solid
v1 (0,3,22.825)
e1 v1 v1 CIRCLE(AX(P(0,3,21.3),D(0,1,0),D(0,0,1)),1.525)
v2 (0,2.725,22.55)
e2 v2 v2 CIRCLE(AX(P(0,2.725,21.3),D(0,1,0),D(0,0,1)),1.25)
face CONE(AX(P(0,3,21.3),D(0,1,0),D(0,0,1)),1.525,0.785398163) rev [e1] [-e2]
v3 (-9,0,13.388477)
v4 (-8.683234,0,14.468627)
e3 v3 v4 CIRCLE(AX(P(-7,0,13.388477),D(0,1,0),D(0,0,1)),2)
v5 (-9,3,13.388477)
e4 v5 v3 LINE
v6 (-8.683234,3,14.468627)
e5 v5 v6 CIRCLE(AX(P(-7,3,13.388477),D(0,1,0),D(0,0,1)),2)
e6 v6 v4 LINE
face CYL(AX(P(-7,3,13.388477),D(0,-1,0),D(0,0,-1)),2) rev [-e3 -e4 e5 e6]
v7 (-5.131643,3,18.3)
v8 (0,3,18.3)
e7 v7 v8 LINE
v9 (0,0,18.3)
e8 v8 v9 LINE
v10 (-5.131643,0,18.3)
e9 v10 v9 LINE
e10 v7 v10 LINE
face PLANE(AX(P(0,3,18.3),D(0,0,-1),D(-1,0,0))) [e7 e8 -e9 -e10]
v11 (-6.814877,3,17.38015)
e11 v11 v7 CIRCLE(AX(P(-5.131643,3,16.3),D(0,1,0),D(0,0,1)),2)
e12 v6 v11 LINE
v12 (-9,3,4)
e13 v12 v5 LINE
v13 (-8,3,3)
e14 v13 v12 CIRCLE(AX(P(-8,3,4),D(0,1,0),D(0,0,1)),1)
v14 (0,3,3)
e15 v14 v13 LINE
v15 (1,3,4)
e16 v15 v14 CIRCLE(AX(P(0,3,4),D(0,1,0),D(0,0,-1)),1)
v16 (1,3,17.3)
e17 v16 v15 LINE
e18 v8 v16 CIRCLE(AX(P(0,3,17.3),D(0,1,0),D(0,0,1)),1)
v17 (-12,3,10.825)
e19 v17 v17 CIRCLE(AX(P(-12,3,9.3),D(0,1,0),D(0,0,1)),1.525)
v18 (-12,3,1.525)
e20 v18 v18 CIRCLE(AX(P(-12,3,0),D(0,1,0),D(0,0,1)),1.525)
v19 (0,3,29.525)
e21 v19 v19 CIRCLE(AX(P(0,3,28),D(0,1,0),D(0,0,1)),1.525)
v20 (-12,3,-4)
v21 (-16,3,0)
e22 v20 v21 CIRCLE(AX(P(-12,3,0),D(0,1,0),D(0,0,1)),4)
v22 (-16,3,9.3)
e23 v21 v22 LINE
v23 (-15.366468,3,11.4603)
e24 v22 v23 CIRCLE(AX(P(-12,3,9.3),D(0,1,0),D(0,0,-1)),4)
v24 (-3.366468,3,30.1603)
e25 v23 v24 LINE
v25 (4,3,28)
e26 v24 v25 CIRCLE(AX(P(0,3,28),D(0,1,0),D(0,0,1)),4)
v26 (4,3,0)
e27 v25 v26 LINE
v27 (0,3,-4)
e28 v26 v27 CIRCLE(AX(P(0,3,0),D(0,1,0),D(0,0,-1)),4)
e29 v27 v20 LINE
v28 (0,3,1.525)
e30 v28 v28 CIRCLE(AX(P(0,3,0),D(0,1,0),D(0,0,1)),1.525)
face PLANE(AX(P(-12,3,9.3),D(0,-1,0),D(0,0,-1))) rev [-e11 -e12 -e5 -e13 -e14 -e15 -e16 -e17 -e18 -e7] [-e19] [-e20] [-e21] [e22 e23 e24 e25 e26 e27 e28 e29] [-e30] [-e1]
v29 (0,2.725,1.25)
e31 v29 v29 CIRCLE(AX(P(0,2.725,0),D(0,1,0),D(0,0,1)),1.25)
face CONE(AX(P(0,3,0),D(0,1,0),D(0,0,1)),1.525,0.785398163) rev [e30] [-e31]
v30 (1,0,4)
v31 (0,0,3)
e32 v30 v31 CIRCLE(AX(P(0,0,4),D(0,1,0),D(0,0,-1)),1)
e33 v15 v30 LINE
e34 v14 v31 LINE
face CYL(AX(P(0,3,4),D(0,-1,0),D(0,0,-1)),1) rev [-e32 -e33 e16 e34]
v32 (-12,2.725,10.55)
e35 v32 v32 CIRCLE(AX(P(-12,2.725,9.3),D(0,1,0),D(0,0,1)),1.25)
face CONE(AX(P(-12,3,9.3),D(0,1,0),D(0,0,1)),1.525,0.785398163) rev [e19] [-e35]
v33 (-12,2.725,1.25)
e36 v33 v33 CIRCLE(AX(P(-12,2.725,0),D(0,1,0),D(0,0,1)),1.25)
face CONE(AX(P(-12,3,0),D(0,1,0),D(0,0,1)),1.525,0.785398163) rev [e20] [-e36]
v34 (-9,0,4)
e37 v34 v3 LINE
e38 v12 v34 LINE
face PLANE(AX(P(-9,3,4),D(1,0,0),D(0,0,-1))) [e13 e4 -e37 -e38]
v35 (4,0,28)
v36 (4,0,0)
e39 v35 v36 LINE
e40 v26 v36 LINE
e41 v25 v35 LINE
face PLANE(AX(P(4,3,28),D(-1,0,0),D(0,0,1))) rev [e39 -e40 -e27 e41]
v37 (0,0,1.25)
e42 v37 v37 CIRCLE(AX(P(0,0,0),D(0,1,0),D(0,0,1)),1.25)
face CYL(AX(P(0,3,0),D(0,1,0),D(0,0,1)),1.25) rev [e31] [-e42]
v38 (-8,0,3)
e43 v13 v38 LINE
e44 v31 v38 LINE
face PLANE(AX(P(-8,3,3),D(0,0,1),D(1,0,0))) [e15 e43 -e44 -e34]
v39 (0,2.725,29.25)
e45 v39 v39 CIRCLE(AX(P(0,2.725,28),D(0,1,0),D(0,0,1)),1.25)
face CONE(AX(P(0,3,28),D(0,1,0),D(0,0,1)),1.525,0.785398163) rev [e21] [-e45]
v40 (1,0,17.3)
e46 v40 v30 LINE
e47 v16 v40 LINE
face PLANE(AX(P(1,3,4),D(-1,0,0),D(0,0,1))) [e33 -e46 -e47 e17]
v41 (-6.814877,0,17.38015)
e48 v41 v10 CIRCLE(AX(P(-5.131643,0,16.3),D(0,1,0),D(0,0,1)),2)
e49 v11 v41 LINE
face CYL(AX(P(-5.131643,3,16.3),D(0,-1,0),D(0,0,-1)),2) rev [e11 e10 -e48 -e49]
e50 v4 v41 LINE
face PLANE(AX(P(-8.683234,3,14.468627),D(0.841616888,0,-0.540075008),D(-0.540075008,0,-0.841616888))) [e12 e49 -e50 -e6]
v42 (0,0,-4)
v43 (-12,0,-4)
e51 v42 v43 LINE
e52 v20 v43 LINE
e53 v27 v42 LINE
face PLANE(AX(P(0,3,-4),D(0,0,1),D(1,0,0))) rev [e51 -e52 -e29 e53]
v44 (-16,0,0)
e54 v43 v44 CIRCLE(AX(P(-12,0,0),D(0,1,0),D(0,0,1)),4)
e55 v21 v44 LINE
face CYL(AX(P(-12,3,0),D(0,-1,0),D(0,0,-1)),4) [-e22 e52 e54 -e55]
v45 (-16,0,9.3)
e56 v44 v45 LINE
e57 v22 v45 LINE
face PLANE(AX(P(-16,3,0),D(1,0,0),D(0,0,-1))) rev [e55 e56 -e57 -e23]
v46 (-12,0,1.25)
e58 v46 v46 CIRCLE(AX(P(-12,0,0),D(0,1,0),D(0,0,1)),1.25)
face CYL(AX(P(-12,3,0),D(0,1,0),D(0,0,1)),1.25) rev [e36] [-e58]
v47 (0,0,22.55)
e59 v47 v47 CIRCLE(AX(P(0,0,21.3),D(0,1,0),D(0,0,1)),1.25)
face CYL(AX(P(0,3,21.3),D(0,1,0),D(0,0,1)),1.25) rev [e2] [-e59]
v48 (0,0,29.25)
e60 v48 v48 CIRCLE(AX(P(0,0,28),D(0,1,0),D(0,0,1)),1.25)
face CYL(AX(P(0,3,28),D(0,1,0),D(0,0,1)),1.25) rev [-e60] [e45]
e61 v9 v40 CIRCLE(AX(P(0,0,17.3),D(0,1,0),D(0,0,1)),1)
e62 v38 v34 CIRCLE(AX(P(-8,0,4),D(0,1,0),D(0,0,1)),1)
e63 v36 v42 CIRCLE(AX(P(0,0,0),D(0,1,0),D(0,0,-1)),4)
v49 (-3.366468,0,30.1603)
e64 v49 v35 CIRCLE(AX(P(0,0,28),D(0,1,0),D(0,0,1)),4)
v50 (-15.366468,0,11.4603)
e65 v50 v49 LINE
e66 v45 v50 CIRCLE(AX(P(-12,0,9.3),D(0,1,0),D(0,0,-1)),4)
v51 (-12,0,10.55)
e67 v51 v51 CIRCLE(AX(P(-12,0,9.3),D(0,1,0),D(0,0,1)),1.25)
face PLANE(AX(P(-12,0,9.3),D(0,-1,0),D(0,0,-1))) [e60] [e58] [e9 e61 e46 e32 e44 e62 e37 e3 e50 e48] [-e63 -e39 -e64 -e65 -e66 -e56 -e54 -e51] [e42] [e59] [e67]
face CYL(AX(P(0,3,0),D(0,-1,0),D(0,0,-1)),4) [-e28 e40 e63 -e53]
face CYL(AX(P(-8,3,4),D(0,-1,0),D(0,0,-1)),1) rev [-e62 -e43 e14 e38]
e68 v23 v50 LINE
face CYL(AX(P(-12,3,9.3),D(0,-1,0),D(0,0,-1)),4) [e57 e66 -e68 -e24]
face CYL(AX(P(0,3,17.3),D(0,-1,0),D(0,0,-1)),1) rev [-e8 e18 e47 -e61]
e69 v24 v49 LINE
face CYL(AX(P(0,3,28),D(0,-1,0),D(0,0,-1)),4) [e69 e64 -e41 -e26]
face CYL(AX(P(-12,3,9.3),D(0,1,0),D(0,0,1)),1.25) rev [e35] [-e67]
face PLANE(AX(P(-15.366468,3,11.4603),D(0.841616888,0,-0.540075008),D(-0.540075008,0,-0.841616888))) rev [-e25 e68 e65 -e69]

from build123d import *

# Parameters (mm, degrees)
EXTRUDE_1_DEPTH              = 3
HOLE_WIZARD_M3_1_D           = 2.5
HOLE_WIZARD_M3_1_CSINK_D     = 3.05
HOLE_WIZARD_M3_1_CSINK_ANGLE = 90


with BuildPart() as part:
    # 草图1 → 凸台-拉伸1 (new body)
    with BuildSketch(Plane(origin=(0, 0, 0), x_dir=(1, 0, 0), z_dir=(0, 1, 0))):
        with BuildLine():
            Line((4, -28), (4, 0))
            ThreePointArc((4, 0), (2.828427125, 2.828427125), (0, 4))
            Line((0, 4), (-12, 4))
            ThreePointArc((-12, 4), (-14.828427125, 2.828427125), (-16, 0))
            Line((-16, 0), (-16, -9.3))
            ThreePointArc((-16, -9.3), (-15.83835057, -10.425639773), (-15.366467551, -11.460300033))
            Line((-15.366467551, -11.460300033), (-3.366467551, -30.160300033))
            ThreePointArc((-3.366467551, -30.160300033), (1.125639773, -31.83835057), (4, -28))
        make_face()
        with BuildLine():
            Line((-8.683233775, -14.468627367), (-6.814876995, -17.380150016))
            ThreePointArc((-6.814876995, -17.380150016), (-6.09073132, -18.055035617), (-5.13164322, -18.3))
            Line((-5.13164322, -18.3), (0, -18.3))
            ThreePointArc((0, -18.3), (0.707106781, -18.007106781), (1, -17.3))
            Line((1, -17.3), (1, -4))
            ThreePointArc((1, -4), (0.707106781, -3.292893219), (0, -3))
            Line((0, -3), (-8, -3))
            ThreePointArc((-8, -3), (-8.707106781, -3.292893219), (-9, -4))
            Line((-9, -4), (-9, -13.388477351))
            ThreePointArc((-9, -13.388477351), (-8.919175285, -13.951297237), (-8.683233775, -14.468627367))
        make_face(mode=Mode.SUBTRACT)
    extrude(amount=EXTRUDE_1_DEPTH)

    # M3 螺纹孔1 (through all)
    with Locations(Plane(origin=(0, 3, 0), x_dir=(1, 0, 0), z_dir=(0, 1, 0))):
        with Locations((-12, 0), (-12, -9.3), (0, 0), (0, -21.3), (0, -28)):
            CounterSinkHole(HOLE_WIZARD_M3_1_D / 2, HOLE_WIZARD_M3_1_CSINK_D / 2, counter_sink_angle=HOLE_WIZARD_M3_1_CSINK_ANGLE)


solid = part.part
